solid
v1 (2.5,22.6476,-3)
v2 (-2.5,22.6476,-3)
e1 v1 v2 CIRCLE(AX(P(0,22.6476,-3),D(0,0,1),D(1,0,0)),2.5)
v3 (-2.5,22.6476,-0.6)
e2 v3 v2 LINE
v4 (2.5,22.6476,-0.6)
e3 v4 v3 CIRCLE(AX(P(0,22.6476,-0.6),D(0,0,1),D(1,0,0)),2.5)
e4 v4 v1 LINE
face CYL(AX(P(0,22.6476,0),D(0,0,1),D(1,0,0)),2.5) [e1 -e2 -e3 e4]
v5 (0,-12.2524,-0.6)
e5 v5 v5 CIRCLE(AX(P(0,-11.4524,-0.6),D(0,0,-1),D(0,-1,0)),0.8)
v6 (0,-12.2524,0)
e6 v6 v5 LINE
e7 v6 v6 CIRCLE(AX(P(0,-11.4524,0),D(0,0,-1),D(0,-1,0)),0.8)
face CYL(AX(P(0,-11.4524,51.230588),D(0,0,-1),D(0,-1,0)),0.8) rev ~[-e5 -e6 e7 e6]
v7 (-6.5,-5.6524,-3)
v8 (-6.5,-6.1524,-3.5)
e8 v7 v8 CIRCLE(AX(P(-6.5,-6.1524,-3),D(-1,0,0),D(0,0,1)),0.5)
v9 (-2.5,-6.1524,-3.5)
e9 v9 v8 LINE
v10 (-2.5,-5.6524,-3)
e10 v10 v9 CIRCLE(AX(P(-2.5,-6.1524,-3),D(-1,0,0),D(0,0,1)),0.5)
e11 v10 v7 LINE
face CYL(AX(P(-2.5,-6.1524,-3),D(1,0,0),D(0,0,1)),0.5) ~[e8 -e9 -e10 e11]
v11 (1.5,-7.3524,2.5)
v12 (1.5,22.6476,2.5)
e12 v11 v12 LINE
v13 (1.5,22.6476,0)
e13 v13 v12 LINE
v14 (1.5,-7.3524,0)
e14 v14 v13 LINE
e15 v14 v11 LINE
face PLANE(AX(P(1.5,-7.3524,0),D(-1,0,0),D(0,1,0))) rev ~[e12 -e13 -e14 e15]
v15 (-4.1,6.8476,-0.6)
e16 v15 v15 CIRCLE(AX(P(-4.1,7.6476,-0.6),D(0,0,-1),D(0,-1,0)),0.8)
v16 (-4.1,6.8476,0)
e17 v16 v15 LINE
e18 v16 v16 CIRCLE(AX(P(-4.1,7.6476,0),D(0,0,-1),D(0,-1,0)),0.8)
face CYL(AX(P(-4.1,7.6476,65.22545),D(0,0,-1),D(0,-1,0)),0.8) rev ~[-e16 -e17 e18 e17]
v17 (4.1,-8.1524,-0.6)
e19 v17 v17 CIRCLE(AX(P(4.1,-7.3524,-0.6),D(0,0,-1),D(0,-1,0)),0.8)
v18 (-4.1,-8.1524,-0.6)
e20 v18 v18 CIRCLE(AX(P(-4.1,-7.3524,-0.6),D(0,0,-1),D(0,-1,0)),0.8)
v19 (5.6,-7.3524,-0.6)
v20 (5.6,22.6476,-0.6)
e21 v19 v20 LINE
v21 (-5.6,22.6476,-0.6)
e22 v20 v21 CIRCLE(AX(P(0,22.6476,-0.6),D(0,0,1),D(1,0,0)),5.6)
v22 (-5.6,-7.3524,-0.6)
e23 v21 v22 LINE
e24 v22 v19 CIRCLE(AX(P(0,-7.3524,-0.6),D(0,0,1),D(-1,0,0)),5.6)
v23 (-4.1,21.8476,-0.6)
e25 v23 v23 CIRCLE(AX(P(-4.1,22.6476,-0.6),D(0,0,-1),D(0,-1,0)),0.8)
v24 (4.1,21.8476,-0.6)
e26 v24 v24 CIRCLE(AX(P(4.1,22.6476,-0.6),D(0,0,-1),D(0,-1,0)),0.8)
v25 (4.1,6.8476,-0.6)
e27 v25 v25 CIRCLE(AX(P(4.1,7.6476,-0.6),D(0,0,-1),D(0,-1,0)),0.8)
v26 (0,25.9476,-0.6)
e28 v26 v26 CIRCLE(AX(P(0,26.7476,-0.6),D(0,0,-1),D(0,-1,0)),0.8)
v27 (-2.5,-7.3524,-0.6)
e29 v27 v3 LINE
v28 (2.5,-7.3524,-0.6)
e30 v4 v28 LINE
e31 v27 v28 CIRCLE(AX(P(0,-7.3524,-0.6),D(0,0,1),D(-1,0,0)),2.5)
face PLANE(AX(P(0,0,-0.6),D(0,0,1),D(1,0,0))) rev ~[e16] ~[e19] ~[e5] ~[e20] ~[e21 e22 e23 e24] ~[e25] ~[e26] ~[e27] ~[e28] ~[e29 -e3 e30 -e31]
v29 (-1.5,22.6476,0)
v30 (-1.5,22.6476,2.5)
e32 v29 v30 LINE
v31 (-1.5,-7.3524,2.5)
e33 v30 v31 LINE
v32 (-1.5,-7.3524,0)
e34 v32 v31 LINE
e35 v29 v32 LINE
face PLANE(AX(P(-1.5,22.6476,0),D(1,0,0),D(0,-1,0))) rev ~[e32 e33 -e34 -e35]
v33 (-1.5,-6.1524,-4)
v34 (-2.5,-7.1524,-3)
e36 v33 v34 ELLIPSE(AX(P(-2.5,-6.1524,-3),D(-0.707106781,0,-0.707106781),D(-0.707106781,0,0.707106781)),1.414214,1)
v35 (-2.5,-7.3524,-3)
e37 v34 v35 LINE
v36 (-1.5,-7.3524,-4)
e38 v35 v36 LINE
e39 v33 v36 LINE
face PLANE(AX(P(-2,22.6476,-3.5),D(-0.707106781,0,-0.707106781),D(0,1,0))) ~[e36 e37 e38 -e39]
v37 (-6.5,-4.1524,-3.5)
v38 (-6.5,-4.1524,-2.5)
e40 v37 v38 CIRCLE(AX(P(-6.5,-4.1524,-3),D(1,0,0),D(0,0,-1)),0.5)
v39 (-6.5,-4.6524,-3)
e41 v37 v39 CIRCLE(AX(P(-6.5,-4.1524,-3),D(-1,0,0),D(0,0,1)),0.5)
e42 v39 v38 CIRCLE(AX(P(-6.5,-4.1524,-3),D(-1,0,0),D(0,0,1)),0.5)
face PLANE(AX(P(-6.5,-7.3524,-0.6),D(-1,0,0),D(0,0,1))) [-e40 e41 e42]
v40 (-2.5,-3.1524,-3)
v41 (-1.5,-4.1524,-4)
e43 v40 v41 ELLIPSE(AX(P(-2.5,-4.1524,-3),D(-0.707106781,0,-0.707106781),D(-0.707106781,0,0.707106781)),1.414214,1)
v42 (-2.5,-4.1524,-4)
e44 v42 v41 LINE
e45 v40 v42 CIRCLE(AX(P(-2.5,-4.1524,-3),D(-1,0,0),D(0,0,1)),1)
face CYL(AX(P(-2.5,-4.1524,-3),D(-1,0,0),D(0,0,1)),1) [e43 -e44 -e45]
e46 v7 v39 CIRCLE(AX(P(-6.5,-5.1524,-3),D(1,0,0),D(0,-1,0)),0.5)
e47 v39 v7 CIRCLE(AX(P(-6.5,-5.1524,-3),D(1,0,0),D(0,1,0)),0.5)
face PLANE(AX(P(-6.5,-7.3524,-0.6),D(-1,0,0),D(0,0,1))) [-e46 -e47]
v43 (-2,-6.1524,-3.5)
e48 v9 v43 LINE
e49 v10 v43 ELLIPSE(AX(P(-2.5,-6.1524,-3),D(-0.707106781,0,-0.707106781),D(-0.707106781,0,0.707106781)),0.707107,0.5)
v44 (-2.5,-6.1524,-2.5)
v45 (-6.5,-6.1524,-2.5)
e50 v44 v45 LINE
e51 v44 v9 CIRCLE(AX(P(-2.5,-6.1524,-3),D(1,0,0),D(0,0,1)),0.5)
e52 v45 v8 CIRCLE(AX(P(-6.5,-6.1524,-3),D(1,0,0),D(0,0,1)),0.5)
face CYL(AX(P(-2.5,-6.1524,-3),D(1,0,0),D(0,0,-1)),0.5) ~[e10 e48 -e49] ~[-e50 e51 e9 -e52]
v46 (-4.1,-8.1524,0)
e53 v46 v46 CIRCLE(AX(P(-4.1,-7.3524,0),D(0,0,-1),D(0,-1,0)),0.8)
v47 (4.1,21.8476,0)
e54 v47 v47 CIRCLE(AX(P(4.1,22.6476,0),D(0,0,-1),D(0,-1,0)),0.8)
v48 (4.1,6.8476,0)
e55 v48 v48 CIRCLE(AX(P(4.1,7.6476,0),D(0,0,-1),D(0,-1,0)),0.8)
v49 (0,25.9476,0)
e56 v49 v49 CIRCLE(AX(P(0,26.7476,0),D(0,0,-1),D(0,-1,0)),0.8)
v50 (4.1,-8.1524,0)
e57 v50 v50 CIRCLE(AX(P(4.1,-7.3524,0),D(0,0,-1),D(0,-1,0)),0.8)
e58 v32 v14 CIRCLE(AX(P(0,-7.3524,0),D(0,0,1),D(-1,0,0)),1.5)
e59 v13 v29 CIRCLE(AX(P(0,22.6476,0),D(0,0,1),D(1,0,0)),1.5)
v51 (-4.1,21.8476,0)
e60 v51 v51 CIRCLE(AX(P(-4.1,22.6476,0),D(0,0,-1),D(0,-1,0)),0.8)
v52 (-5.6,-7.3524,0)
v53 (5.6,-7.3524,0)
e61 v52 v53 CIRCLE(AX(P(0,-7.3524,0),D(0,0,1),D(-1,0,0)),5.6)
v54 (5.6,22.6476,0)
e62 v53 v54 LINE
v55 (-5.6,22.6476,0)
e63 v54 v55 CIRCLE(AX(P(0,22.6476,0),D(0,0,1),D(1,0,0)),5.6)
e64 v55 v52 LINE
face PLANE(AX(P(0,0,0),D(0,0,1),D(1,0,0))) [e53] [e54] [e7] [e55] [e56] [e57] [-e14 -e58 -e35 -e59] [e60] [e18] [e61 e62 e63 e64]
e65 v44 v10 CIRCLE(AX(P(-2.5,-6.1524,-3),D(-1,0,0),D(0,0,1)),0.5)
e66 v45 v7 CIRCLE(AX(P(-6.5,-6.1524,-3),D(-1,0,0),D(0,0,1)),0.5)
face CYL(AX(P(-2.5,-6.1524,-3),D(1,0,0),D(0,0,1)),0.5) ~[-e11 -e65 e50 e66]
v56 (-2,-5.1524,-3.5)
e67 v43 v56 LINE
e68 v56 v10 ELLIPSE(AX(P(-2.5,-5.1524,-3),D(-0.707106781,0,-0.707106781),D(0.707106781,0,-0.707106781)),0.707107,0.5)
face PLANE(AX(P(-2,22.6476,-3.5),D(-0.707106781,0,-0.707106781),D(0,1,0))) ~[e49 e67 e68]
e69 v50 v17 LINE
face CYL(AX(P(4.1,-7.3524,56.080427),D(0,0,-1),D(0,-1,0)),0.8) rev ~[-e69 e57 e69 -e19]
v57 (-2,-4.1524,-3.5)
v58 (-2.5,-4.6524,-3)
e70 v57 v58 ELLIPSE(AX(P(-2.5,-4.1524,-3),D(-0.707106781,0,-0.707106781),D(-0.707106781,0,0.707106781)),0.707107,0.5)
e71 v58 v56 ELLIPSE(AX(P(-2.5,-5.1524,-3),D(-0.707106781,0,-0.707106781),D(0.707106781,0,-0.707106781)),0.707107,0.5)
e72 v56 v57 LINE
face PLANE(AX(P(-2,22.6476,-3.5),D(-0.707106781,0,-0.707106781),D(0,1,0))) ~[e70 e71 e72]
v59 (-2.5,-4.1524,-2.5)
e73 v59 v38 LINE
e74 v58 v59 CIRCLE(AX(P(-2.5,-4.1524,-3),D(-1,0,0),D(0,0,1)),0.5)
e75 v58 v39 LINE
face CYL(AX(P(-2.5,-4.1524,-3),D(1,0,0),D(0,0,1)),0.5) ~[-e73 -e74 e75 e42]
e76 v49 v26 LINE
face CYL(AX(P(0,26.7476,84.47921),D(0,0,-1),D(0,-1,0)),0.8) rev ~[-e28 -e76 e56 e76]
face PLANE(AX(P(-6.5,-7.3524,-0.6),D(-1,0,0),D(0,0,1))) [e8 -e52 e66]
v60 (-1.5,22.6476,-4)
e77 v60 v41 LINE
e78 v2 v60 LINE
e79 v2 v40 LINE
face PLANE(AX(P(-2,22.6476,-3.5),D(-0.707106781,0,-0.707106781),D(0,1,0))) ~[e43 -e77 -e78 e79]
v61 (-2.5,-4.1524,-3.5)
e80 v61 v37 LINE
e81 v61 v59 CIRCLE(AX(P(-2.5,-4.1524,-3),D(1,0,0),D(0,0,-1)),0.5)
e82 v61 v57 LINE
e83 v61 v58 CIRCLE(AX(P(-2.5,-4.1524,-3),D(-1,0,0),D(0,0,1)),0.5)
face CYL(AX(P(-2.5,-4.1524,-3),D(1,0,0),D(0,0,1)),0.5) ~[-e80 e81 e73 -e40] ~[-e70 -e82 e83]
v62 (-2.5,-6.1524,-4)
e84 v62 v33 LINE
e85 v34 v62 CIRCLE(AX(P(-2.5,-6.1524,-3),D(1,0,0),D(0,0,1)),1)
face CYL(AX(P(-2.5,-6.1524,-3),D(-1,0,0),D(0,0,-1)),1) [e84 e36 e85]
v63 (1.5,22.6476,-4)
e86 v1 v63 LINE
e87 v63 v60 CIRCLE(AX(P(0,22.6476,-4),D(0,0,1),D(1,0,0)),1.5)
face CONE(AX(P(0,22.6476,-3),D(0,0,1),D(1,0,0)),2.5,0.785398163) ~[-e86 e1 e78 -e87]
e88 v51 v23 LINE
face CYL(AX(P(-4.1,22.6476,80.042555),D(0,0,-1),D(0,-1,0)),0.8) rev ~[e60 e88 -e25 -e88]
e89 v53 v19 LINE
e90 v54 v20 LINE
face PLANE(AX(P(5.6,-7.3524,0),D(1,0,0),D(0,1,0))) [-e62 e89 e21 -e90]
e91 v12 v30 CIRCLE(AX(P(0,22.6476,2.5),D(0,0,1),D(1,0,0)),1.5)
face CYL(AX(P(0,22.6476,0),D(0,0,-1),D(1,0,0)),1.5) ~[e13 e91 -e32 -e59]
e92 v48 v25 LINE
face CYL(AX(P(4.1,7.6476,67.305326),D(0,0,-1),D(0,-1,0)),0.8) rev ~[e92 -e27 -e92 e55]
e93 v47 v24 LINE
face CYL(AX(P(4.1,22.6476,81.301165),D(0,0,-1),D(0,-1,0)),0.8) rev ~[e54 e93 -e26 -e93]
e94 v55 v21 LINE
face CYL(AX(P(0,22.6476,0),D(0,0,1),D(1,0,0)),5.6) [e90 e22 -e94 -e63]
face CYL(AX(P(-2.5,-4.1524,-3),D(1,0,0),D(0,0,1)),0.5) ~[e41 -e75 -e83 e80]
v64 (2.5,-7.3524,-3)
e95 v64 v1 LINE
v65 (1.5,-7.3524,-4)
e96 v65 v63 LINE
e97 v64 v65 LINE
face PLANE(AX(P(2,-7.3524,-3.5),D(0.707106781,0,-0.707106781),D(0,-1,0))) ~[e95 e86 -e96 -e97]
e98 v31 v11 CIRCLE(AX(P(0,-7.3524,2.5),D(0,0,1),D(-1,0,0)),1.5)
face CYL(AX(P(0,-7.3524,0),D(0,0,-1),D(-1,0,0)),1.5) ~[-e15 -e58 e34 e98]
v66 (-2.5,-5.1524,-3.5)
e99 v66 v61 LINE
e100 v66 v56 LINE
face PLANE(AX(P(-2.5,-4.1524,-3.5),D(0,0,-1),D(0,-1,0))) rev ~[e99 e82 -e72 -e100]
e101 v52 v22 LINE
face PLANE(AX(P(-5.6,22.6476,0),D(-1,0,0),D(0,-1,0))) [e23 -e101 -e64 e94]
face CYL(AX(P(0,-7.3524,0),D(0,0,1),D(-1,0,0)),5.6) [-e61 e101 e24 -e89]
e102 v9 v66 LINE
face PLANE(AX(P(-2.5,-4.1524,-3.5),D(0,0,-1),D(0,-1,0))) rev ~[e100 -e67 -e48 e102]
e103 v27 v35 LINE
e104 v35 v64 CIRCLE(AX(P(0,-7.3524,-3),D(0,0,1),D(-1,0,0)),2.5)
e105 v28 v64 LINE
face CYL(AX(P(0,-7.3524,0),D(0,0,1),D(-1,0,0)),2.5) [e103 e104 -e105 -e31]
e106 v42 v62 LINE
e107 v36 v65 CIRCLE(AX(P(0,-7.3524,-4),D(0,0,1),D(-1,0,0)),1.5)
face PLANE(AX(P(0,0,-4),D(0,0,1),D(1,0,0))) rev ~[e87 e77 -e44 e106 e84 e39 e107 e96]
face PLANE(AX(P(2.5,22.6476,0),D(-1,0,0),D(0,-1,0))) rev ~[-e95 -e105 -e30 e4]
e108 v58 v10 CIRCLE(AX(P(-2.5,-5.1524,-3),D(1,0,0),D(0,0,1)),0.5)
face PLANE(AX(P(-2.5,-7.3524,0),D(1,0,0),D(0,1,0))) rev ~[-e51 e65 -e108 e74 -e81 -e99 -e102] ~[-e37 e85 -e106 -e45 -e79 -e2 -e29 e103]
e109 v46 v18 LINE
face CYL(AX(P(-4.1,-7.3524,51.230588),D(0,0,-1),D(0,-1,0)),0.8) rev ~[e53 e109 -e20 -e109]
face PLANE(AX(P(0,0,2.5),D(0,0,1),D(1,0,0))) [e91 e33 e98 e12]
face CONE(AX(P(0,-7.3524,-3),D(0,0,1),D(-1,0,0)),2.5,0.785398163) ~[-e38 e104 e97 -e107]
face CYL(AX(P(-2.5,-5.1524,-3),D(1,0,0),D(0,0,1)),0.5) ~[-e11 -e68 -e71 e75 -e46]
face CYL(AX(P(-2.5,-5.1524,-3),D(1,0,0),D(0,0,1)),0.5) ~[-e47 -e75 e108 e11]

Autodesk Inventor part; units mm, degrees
ref_plane "YZ Plane" through (0, 0, 0) normal (1, 0, 0) x (0, 1, 0)
ref_plane "XZ Plane" through (0, 0, 0) normal (0, 1, 0) x (-1, 0, 0)
ref_plane "XY Plane" through (0, 0, 0) normal (0, 0, 1) x (1, 0, 0)
sketch "Sketch1" plane through (0, 0, 0) normal (0, 0, 1) x (1, 0, 0)
  line L0 (0, -7.3524) -> (0, 22.6476) construction
  line L1 (1.5, -7.3524) -> (1.5, 22.6476)
  line L2 (-1.5, 22.6476) -> (-1.5, -7.3524)
  arc A0 (-1.5, -7.3524) -> (1.5, -7.3524) centre (0, -7.3524) ccw
  arc A1 (1.5, 22.6476) -> (-1.5, 22.6476) centre (0, 22.6476) ccw
  line L3 (-2.5, -7.3524) -> (-2.5, 22.6476)
  arc A2 (2.5, 22.6476) -> (-2.5, 22.6476) centre (0, 22.6476) ccw
  line L4 (2.5, 22.6476) -> (2.5, -7.3524)
  arc A3 (-2.5, -7.3524) -> (2.5, -7.3524) centre (0, -7.3524) ccw
  line L5 (-5.6, 22.6476) -> (-5.6, -7.3524)
  arc A4 (-5.6, -7.3524) -> (5.6, -7.3524) centre (0, -7.3524) ccw
  line L6 (5.6, -7.3524) -> (5.6, 22.6476)
  arc A5 (5.6, 22.6476) -> (-5.6, 22.6476) centre (0, 22.6476) ccw
  line L7 (-4.1, 22.6476) -> (-4.1, -7.3524)
  arc A6 (-4.1, -7.3524) -> (4.1, -7.3524) centre (0, -7.3524) ccw
  line L8 (4.1, -7.3524) -> (4.1, 22.6476)
  arc A7 (4.1, 22.6476) -> (-4.1, 22.6476) centre (0, 22.6476) ccw
  point P0 (0, 0)
  point P1 (0, 7.6476)
  point P2 (0, 26.7476)
  point P3 (0, -11.4524)
  point P4 (-4.1, 7.6476)
  point P5 (-4.1, 22.6476)
  point P6 (4.1, 7.6476)
  point P7 (-4.1, 7.6476)
  dimension "d0" = 30
  dimension "d1" = 3
  dimension "d2" = 1
  dimension "d3" = 3.1
  dimension "d10" = 1.6
  dimension "d16" = 15
extrude "Extrusion1" add sketch "Sketch1" along normal blind 2.5 contours A0 L2 A1 L1
extrude "Extrusion2" add sketch "Sketch1" against normal blind 0.6 contours A5 L6 A4 L5 | A7 L8 A6 L7
extrude "Extrusion3" add sketch "Sketch1" against normal blind 4 contours A0 L2 A1 L1 | L3 A2 L4 A3
hole "Hole1" at (0, 26.7476, 0) at (0, -11.4524, 0) at (-4.1, -7.3524, 0) at (-4.1, 7.6476, 0) at (-4.1, 22.6476, 0) at (4.1, -7.3524, 0) at (4.1, 7.6476, 0) at (4.1, 22.6476, 0) direction (0, 0, -1) diameter 1.6 end through all both
chamfer "Chamfer1" distance 1 angle 45 4 edges at (0, -9.8524, -4) (-2.5, 7.6476, -4) (0, 25.1476, -4) (2.5, 7.6476, -4)
sketch "Sketch2" plane through (-2.5, -7.3524, -0.6) normal (-1, 0, 0) x (0, 0, 1)
  line L0 (-2.4, 0) -> (-2.4, 30) projected
  line L1 (0, 0) -> (-2.4, 0) projected
  line L2 (0, 30) -> (0, 0) projected
  line L3 (0, 30) -> (-2.4, 30) projected
  line L4 (-2.4, 30) -> (-2.4, 0) projected
  line L5 (-2.4, 1.2) -> (-2.4, 3.2) construction
  line L6 (-1.9, 1.2) -> (-1.9, 3.2)
  line L7 (-2.9, 3.2) -> (-2.9, 1.2)
  arc A0 (-2.9, 1.2) -> (-1.9, 1.2) centre (-2.4, 1.2) ccw
  arc A1 (-1.9, 3.2) -> (-2.9, 3.2) centre (-2.4, 3.2) ccw
  line L8 (-1.4, 1.2) -> (-1.4, 3.2)
  arc A2 (-1.4, 3.2) -> (-3.4, 3.2) centre (-2.4, 3.2) ccw
  line L9 (-3.4, 3.2) -> (-3.4, 1.2)
  arc A3 (-3.4, 1.2) -> (-1.4, 1.2) centre (-2.4, 1.2) ccw
  circle A4 centre (-2.4, 1.2) radius 0.5
  circle A5 centre (-2.4, 3.2) radius 0.5
  circle A6 centre (-2.4, 2.2) radius 0.5
  point P0 (0.6, 7.3524)
  dimension "d31" = 2
  dimension "d32" = 1
  dimension "d33" = 1.2
  dimension "d34" = 0.5
extrude "Extrusion5" add sketch "Sketch2" against normal blind 1 contours A3 L9 A2 L0 A1 L7 A0 | L0 A0 L6 A1 A2 L8 A3
extrude "Extrusion6" add sketch "Sketch2" along normal mid plane 8 contours A0 A4 L0 | L0 A4 A0 | A6 L0 | L0 A6 | A5 A1 L0 | L0 A1 A5
properties part number "ASSEMBLY_Regolith_level_sensor" material "Aluminum 6061"
